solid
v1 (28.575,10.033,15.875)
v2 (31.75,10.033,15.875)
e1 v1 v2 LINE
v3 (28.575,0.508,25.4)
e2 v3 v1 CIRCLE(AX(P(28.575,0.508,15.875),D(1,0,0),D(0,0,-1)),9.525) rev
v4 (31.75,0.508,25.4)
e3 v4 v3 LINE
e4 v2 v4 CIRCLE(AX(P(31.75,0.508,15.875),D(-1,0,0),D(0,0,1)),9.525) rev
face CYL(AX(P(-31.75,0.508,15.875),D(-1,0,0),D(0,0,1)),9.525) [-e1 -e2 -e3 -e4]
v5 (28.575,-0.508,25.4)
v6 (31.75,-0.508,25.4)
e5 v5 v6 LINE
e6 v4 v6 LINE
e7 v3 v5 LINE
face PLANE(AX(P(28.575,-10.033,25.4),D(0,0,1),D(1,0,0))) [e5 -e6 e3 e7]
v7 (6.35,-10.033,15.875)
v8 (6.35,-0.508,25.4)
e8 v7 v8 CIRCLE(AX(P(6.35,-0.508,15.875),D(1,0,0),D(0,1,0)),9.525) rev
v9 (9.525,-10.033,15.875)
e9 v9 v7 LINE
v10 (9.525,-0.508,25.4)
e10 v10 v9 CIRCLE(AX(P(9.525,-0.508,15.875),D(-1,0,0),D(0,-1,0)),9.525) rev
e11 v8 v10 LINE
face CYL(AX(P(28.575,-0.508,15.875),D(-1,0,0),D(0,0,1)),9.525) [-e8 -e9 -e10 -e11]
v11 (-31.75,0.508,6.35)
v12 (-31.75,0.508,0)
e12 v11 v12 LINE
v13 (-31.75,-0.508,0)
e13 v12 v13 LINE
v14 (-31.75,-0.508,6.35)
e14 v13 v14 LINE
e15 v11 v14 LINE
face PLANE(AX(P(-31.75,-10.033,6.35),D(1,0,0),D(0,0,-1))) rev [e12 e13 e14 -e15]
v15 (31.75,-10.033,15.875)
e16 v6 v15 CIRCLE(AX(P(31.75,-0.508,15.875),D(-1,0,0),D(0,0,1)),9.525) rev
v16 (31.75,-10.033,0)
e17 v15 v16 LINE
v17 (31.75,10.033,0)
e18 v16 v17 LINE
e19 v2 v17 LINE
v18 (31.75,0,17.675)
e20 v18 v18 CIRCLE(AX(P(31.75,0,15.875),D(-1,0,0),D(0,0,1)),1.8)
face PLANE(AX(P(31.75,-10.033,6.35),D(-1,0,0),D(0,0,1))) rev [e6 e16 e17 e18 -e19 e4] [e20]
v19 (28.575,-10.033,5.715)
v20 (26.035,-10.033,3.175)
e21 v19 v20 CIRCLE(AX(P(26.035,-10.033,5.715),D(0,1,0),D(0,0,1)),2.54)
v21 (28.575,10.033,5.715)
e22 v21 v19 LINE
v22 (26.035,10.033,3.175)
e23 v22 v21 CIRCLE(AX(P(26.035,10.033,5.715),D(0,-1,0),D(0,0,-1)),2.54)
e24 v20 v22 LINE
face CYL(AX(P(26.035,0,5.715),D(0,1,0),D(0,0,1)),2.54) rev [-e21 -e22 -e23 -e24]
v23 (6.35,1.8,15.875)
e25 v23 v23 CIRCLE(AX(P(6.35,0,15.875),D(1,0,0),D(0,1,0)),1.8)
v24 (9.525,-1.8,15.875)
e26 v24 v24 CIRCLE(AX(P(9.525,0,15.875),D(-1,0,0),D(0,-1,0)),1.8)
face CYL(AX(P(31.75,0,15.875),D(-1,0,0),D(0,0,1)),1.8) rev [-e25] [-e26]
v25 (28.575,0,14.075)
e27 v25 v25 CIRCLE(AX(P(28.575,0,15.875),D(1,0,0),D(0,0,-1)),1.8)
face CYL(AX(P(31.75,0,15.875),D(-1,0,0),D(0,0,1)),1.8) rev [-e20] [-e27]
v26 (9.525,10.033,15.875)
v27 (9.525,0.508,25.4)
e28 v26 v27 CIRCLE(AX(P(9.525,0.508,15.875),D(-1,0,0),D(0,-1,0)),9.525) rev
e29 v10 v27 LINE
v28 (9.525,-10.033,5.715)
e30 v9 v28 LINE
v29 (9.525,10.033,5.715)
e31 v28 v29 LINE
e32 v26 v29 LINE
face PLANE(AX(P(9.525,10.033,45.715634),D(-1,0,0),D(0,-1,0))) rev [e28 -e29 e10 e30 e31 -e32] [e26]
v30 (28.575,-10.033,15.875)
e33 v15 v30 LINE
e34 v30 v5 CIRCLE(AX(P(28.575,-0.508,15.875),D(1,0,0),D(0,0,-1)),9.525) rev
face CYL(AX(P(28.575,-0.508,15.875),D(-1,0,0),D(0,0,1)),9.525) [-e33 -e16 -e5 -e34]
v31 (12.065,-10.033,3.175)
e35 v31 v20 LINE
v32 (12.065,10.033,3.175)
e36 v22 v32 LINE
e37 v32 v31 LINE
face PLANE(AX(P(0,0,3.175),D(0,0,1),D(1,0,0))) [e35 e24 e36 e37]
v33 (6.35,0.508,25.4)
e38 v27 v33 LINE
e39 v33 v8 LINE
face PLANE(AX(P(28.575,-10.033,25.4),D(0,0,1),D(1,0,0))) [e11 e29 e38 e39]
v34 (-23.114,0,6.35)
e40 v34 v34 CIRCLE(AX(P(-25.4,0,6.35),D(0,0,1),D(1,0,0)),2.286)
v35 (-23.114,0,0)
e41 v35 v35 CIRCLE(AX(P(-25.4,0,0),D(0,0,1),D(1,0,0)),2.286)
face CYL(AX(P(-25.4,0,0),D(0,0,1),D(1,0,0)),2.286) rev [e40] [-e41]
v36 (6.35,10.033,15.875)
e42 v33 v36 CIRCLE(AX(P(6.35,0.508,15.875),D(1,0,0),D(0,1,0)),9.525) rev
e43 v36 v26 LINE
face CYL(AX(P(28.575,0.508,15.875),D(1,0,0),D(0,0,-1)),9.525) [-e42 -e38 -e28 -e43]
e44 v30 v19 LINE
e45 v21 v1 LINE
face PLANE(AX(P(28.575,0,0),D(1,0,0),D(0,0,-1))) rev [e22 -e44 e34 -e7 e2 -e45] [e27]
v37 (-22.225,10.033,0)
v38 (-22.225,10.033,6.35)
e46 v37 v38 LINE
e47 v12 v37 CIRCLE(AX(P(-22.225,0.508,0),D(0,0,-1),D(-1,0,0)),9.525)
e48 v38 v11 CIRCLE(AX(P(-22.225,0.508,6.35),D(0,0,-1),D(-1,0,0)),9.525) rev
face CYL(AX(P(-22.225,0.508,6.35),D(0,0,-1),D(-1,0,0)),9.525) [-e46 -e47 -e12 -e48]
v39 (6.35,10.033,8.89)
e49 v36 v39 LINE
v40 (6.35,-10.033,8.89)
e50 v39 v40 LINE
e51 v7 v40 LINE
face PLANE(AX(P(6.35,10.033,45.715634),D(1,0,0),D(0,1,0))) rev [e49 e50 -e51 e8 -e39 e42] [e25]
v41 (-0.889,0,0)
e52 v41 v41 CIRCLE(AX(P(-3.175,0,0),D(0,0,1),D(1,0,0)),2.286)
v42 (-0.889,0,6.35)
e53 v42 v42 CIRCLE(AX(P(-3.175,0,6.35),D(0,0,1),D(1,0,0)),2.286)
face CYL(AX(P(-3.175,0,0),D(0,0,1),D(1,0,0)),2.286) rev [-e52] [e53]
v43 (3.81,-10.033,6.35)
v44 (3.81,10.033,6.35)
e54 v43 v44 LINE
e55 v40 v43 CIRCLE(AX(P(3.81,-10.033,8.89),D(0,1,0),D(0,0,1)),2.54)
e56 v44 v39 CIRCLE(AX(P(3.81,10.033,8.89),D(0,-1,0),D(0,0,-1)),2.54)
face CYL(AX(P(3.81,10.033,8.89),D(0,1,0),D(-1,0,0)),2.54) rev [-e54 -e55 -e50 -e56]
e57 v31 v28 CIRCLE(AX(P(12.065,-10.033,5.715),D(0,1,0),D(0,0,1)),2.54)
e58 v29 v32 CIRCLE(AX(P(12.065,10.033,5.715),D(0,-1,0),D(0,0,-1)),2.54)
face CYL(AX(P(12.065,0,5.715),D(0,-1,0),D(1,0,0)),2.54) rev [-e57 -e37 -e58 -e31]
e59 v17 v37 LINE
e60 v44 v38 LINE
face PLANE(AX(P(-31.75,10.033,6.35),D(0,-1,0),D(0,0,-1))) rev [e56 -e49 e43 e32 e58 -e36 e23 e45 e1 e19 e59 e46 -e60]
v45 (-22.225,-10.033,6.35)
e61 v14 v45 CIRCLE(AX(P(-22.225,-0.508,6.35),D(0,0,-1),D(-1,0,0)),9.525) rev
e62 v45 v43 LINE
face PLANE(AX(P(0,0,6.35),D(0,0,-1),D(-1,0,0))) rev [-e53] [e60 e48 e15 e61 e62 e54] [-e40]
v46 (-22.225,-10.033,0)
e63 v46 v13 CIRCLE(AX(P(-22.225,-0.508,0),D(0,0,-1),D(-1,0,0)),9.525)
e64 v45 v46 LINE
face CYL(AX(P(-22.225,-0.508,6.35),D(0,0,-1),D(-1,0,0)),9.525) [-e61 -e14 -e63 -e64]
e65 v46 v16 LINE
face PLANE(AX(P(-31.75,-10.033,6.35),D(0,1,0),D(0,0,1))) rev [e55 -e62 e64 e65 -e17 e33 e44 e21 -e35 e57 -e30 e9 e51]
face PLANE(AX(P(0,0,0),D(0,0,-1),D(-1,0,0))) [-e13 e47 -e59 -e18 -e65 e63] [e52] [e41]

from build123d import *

# Parameters (mm, degrees)
SKETCH1_W               = 63.5
SKETCH1_H               = 20.066
BOSS_EXTRUDE1_DEPTH     = 6.35
SKETCH2_W               = 25.4
SKETCH2_H               = 20.066
BOSS_EXTRUDE2_DEPTH     = 3.175
SKETCH4_W               = 3.175
SKETCH4_H               = 20.066
BOSS_EXTRUDE3_DEPTH     = 19.05
SKETCH3_R               = 1.8
CUT_EXTRUDE1_DEPTH      = 61.325
CUT_EXTRUDE1_DEPTH_BACK = 4.175
SKETCH5_R               = 2.286
CUT_EXTRUDE2_DEPTH      = 7.35
SKETCH6_W               = 19.05
SKETCH6_H               = 20.066
CUT_EXTRUDE3_DEPTH      = 3.175
FILLET1_R               = 2.54
FILLET2_R               = 9.525


with BuildPart() as part:
    # Sketch1 → Boss-Extrude1 (new body)
    with BuildSketch(Plane.XY):
        Rectangle(SKETCH1_W, SKETCH1_H)
    extrude(amount=BOSS_EXTRUDE1_DEPTH)

    # Sketch2 → Boss-Extrude2 (add)
    with BuildSketch(Plane(origin=(31.75, 0, 0), x_dir=(0, 0, -1), z_dir=(1, 0, 0))):
        with Locations((-12.7, 0)):
            Rectangle(SKETCH2_W, SKETCH2_H)
    extrude(amount=-BOSS_EXTRUDE2_DEPTH)

    # Sketch4 → Boss-Extrude3 (add)
    with BuildSketch(Plane.XY.offset(6.35)):
        with Locations((7.9375, 0)):
            Rectangle(SKETCH4_W, SKETCH4_H)
    extrude(amount=BOSS_EXTRUDE3_DEPTH)

    # Sketch3 → Cut-Extrude1 (cut, two sides)
    with BuildSketch(Plane.ZY.offset(-28.575)) as cut_extrude1_sk:
        with Locations((15.875, 0)):
            Circle(SKETCH3_R)
    extrude(amount=CUT_EXTRUDE1_DEPTH, mode=Mode.SUBTRACT)
    extrude(cut_extrude1_sk.sketch, amount=-CUT_EXTRUDE1_DEPTH_BACK, mode=Mode.SUBTRACT)

    # Sketch5 → Cut-Extrude2 (cut, through all)
    with BuildSketch(Plane.XY.offset(6.35)):
        with Locations((-3.175, 0)):
            Circle(SKETCH5_R)
        with Locations((-25.4, 0)):
            Circle(SKETCH5_R)
    extrude(amount=-CUT_EXTRUDE2_DEPTH, mode=Mode.SUBTRACT)

    # Sketch6 → Cut-Extrude3 (cut)
    with BuildSketch(Plane.XY.offset(6.35)):
        with Locations((19.05, 0)):
            Rectangle(SKETCH6_W, SKETCH6_H)
    extrude(amount=-CUT_EXTRUDE3_DEPTH, mode=Mode.SUBTRACT)

    # Fillet1
    fillet1_edges = [part.edges().sort_by_distance(p)[0] for p in [
        (6.35, 0, 6.35),
        (28.575, 0, 3.175),
        (9.525, 0, 3.175),
    ]]
    fillet(fillet1_edges, radius=FILLET1_R)

    # Fillet2
    fillet2_edges = [part.edges().sort_by_distance(p)[0] for p in [
        (30.1625, 10.033, 25.4),
        (30.1625, -10.033, 25.4),
        (7.9375, -10.033, 25.4),
        (7.9375, 10.033, 25.4),
        (-31.75, -10.033, 3.175),
        (-31.75, 10.033, 3.175),
    ]]
    fillet(fillet2_edges, radius=FILLET2_R)


solid = part.part
